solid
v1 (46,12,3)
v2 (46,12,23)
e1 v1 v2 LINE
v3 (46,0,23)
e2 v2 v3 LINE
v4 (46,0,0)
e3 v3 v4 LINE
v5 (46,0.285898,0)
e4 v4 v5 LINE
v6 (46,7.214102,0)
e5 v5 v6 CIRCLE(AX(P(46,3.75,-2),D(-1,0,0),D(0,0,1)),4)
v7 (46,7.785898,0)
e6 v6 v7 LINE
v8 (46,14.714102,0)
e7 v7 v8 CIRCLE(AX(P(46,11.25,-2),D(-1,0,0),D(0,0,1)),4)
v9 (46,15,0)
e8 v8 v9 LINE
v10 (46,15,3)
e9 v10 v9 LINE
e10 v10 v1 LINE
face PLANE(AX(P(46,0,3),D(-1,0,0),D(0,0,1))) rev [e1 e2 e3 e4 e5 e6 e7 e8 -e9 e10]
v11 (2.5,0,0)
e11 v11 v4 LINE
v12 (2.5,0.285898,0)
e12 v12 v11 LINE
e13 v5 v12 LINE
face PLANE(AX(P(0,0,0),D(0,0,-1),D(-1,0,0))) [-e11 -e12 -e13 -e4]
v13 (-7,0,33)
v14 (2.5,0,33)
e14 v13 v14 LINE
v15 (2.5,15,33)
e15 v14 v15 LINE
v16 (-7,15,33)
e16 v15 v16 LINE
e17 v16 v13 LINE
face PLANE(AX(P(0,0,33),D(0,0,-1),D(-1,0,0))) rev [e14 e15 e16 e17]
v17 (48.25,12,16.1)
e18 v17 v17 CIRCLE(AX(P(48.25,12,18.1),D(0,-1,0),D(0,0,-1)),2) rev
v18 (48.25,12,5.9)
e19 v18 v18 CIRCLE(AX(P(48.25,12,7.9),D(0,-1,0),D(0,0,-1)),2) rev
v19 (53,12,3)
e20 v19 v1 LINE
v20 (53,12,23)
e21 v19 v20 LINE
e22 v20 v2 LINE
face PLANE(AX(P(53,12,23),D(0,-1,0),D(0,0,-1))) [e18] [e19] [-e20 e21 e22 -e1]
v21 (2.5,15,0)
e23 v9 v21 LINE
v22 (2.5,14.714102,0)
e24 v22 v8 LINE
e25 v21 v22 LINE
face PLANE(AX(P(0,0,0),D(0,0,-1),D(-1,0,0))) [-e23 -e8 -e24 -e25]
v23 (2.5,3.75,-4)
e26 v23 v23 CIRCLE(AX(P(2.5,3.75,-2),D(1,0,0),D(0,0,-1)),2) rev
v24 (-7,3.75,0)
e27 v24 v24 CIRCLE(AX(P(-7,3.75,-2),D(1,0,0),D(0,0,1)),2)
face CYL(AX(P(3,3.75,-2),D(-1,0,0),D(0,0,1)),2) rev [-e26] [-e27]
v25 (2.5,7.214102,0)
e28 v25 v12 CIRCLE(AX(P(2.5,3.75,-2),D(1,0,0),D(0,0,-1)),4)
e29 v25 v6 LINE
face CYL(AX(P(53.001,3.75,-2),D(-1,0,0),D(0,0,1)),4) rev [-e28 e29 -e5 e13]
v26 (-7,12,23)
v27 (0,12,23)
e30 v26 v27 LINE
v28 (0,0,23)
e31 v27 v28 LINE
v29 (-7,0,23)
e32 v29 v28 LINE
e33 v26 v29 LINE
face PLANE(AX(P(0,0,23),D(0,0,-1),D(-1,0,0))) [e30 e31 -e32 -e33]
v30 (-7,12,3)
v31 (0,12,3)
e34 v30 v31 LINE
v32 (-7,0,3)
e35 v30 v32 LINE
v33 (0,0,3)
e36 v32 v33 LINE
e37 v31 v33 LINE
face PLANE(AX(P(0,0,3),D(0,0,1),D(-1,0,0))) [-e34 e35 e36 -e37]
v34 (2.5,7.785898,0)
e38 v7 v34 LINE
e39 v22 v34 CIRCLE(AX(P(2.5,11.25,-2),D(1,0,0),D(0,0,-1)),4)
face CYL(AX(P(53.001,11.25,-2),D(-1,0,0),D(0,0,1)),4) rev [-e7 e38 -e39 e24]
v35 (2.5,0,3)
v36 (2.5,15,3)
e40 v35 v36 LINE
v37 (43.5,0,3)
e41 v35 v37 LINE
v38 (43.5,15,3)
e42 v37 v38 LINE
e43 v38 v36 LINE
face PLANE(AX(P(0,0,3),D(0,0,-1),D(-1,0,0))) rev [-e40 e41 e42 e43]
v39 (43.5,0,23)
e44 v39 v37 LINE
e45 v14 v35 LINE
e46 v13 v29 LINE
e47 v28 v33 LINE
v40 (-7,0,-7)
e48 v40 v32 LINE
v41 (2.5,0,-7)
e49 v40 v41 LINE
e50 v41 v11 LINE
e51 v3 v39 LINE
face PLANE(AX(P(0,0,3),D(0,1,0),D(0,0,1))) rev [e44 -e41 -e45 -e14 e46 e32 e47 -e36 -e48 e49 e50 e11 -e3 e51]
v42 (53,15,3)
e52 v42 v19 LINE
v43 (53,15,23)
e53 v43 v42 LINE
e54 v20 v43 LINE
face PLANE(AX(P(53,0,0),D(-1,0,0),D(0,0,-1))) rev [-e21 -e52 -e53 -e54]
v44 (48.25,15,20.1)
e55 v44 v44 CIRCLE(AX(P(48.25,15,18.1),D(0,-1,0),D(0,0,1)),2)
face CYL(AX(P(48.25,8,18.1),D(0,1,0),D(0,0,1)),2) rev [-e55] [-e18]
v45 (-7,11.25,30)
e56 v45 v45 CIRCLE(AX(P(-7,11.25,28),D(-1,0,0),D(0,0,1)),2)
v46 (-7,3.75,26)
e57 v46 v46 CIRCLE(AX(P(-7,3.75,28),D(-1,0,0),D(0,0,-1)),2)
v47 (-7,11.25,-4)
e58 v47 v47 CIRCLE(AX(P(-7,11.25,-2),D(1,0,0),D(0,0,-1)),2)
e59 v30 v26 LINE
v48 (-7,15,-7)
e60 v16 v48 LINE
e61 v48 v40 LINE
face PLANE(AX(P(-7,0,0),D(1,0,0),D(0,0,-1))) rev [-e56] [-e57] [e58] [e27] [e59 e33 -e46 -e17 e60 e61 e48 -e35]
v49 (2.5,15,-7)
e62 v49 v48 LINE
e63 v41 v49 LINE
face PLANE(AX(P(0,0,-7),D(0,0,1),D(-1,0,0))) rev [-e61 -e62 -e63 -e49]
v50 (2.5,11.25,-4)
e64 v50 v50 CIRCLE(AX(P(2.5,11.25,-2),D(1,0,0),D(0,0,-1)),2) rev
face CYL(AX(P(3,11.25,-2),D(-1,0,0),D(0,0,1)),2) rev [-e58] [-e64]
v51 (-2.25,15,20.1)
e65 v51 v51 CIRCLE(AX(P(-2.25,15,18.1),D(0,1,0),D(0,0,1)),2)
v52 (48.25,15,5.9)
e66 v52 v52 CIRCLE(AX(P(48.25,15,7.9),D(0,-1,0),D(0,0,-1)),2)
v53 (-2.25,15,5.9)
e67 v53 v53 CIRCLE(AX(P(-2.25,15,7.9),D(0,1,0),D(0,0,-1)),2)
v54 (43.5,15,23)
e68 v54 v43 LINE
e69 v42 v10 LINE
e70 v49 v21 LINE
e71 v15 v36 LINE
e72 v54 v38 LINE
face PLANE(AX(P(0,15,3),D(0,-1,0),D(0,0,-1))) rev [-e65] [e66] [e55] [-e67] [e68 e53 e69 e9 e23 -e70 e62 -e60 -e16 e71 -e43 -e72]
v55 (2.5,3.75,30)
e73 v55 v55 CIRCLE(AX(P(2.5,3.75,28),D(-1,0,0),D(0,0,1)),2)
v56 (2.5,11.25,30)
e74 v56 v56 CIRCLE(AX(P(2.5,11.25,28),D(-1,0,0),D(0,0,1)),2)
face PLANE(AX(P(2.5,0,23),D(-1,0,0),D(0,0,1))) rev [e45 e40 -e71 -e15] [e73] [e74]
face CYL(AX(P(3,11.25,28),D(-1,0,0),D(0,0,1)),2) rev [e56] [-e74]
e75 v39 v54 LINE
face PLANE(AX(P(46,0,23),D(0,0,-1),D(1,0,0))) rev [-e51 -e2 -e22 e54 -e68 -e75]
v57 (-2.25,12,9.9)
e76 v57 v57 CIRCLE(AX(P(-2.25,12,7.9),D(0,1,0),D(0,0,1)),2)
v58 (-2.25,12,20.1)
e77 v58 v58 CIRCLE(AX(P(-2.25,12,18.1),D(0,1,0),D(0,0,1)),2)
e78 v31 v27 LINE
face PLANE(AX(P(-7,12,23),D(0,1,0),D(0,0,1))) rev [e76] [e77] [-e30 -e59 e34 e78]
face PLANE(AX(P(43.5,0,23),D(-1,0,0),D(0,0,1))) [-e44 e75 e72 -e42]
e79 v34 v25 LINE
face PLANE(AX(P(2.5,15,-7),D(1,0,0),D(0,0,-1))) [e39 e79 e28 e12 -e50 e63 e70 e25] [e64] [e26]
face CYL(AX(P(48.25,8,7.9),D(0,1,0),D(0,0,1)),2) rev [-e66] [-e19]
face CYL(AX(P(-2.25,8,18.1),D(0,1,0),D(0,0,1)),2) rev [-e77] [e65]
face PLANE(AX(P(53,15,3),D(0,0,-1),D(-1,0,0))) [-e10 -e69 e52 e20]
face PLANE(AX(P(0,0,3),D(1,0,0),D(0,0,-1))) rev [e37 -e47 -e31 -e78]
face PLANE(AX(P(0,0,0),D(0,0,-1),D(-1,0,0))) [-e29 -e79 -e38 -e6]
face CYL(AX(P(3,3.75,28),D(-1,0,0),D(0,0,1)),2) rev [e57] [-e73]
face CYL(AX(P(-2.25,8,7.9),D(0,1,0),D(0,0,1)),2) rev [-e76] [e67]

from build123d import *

# Parameters (mm, degrees)
SKETCH1_W           = 46
SKETCH1_H           = 15
BOSS_EXTRUDE1_DEPTH = 3
SKETCH3_W           = 2.5
SKETCH3_H           = 15
BOSS_EXTRUDE2_DEPTH = 20
SKETCH4_W           = 20
SKETCH4_H           = 3
BOSS_EXTRUDE3_DEPTH = 7
SKETCH5_R           = 2
CUT_EXTRUDE1_DEPTH  = 7
SKETCH7_W           = 9.5
SKETCH7_H           = 15
BOSS_EXTRUDE4_DEPTH = 10
SKETCH8_R           = 2
CUT_EXTRUDE2_DEPTH  = 10
CUT_EXTRUDE3_DEPTH  = 43.5


with BuildPart() as part:
    # Sketch1 → Boss-Extrude1 (new body)
    with BuildSketch(Plane.XY):
        with Locations((23, 7.5)):
            Rectangle(SKETCH1_W, SKETCH1_H)
    extrude(amount=BOSS_EXTRUDE1_DEPTH)

    # Sketch3 → Boss-Extrude2 (add)
    with BuildSketch(Plane.XY.offset(3)):
        with Locations((1.25, 7.5)):
            Rectangle(SKETCH3_W, SKETCH3_H)
    boss_extrude2 = extrude(amount=BOSS_EXTRUDE2_DEPTH)

    # Sketch4 → Boss-Extrude3 (add)
    with BuildSketch(Plane.ZY):
        with Locations((13, 13.5)):
            Rectangle(SKETCH4_W, SKETCH4_H)
    boss_extrude3 = extrude(amount=BOSS_EXTRUDE3_DEPTH)

    # Sketch5 → Cut-Extrude1 (cut)
    with BuildSketch(Plane(origin=(0, 15, 0), x_dir=(1, 0, 0), z_dir=(0, 1, 0))):
        with Locations(Location((-2.25, -18.1, 0), (0, 0, 270))):
            Circle(SKETCH5_R)
        with Locations(Location((-2.25, -7.9, 0), (0, 0, 270))):
            Circle(SKETCH5_R)
    cut_extrude1 = extrude(amount=-CUT_EXTRUDE1_DEPTH, mode=Mode.SUBTRACT)

    # Mirror1: Boss-Extrude2, Boss-Extrude3, Cut-Extrude1 across plane
    add(boss_extrude2.mirror(Plane(origin=(23, 0, 0), x_dir=(0, 0, 1), z_dir=(1, 0, 0))))
    add(boss_extrude3.mirror(Plane(origin=(23, 0, 0), x_dir=(0, 0, 1), z_dir=(1, 0, 0))))
    add(cut_extrude1.mirror(Plane(origin=(23, 0, 0), x_dir=(0, 0, 1), z_dir=(1, 0, 0))), mode=Mode.SUBTRACT)

    # Sketch7 → Boss-Extrude4 (add)
    with BuildSketch(Plane.XY.offset(23)):
        with Locations((-2.25, 7.5)):
            Rectangle(SKETCH7_W, SKETCH7_H)
    boss_extrude4 = extrude(amount=BOSS_EXTRUDE4_DEPTH)

    # Sketch8 → Cut-Extrude2 (cut)
    with BuildSketch(Plane.ZY.offset(7)):
        with Locations((28, 11.25)):
            Circle(SKETCH8_R)
        with Locations((28, 3.75)):
            Circle(SKETCH8_R)
    cut_extrude2 = extrude(amount=-CUT_EXTRUDE2_DEPTH, mode=Mode.SUBTRACT)

    # Mirror4: Boss-Extrude4, Cut-Extrude2 across plane
    add(boss_extrude4.mirror(Plane.XY.offset(13)))
    add(cut_extrude2.mirror(Plane.XY.offset(13)), mode=Mode.SUBTRACT)

    # Sketch9 → Cut-Extrude3 (cut)
    with BuildSketch(Plane(origin=(2.5, 0, 0), x_dir=(0, 0, -1), z_dir=(1, 0, 0))):
        with BuildLine():
            ThreePointArc((0.608058909, 7.5), (2, -0.25), (3.391941091, 7.5))
            ThreePointArc((3.391941091, 7.5), (2, 15.25), (0.608058909, 7.5))
        make_face()
    extrude(amount=CUT_EXTRUDE3_DEPTH, mode=Mode.SUBTRACT)


solid = part.part
